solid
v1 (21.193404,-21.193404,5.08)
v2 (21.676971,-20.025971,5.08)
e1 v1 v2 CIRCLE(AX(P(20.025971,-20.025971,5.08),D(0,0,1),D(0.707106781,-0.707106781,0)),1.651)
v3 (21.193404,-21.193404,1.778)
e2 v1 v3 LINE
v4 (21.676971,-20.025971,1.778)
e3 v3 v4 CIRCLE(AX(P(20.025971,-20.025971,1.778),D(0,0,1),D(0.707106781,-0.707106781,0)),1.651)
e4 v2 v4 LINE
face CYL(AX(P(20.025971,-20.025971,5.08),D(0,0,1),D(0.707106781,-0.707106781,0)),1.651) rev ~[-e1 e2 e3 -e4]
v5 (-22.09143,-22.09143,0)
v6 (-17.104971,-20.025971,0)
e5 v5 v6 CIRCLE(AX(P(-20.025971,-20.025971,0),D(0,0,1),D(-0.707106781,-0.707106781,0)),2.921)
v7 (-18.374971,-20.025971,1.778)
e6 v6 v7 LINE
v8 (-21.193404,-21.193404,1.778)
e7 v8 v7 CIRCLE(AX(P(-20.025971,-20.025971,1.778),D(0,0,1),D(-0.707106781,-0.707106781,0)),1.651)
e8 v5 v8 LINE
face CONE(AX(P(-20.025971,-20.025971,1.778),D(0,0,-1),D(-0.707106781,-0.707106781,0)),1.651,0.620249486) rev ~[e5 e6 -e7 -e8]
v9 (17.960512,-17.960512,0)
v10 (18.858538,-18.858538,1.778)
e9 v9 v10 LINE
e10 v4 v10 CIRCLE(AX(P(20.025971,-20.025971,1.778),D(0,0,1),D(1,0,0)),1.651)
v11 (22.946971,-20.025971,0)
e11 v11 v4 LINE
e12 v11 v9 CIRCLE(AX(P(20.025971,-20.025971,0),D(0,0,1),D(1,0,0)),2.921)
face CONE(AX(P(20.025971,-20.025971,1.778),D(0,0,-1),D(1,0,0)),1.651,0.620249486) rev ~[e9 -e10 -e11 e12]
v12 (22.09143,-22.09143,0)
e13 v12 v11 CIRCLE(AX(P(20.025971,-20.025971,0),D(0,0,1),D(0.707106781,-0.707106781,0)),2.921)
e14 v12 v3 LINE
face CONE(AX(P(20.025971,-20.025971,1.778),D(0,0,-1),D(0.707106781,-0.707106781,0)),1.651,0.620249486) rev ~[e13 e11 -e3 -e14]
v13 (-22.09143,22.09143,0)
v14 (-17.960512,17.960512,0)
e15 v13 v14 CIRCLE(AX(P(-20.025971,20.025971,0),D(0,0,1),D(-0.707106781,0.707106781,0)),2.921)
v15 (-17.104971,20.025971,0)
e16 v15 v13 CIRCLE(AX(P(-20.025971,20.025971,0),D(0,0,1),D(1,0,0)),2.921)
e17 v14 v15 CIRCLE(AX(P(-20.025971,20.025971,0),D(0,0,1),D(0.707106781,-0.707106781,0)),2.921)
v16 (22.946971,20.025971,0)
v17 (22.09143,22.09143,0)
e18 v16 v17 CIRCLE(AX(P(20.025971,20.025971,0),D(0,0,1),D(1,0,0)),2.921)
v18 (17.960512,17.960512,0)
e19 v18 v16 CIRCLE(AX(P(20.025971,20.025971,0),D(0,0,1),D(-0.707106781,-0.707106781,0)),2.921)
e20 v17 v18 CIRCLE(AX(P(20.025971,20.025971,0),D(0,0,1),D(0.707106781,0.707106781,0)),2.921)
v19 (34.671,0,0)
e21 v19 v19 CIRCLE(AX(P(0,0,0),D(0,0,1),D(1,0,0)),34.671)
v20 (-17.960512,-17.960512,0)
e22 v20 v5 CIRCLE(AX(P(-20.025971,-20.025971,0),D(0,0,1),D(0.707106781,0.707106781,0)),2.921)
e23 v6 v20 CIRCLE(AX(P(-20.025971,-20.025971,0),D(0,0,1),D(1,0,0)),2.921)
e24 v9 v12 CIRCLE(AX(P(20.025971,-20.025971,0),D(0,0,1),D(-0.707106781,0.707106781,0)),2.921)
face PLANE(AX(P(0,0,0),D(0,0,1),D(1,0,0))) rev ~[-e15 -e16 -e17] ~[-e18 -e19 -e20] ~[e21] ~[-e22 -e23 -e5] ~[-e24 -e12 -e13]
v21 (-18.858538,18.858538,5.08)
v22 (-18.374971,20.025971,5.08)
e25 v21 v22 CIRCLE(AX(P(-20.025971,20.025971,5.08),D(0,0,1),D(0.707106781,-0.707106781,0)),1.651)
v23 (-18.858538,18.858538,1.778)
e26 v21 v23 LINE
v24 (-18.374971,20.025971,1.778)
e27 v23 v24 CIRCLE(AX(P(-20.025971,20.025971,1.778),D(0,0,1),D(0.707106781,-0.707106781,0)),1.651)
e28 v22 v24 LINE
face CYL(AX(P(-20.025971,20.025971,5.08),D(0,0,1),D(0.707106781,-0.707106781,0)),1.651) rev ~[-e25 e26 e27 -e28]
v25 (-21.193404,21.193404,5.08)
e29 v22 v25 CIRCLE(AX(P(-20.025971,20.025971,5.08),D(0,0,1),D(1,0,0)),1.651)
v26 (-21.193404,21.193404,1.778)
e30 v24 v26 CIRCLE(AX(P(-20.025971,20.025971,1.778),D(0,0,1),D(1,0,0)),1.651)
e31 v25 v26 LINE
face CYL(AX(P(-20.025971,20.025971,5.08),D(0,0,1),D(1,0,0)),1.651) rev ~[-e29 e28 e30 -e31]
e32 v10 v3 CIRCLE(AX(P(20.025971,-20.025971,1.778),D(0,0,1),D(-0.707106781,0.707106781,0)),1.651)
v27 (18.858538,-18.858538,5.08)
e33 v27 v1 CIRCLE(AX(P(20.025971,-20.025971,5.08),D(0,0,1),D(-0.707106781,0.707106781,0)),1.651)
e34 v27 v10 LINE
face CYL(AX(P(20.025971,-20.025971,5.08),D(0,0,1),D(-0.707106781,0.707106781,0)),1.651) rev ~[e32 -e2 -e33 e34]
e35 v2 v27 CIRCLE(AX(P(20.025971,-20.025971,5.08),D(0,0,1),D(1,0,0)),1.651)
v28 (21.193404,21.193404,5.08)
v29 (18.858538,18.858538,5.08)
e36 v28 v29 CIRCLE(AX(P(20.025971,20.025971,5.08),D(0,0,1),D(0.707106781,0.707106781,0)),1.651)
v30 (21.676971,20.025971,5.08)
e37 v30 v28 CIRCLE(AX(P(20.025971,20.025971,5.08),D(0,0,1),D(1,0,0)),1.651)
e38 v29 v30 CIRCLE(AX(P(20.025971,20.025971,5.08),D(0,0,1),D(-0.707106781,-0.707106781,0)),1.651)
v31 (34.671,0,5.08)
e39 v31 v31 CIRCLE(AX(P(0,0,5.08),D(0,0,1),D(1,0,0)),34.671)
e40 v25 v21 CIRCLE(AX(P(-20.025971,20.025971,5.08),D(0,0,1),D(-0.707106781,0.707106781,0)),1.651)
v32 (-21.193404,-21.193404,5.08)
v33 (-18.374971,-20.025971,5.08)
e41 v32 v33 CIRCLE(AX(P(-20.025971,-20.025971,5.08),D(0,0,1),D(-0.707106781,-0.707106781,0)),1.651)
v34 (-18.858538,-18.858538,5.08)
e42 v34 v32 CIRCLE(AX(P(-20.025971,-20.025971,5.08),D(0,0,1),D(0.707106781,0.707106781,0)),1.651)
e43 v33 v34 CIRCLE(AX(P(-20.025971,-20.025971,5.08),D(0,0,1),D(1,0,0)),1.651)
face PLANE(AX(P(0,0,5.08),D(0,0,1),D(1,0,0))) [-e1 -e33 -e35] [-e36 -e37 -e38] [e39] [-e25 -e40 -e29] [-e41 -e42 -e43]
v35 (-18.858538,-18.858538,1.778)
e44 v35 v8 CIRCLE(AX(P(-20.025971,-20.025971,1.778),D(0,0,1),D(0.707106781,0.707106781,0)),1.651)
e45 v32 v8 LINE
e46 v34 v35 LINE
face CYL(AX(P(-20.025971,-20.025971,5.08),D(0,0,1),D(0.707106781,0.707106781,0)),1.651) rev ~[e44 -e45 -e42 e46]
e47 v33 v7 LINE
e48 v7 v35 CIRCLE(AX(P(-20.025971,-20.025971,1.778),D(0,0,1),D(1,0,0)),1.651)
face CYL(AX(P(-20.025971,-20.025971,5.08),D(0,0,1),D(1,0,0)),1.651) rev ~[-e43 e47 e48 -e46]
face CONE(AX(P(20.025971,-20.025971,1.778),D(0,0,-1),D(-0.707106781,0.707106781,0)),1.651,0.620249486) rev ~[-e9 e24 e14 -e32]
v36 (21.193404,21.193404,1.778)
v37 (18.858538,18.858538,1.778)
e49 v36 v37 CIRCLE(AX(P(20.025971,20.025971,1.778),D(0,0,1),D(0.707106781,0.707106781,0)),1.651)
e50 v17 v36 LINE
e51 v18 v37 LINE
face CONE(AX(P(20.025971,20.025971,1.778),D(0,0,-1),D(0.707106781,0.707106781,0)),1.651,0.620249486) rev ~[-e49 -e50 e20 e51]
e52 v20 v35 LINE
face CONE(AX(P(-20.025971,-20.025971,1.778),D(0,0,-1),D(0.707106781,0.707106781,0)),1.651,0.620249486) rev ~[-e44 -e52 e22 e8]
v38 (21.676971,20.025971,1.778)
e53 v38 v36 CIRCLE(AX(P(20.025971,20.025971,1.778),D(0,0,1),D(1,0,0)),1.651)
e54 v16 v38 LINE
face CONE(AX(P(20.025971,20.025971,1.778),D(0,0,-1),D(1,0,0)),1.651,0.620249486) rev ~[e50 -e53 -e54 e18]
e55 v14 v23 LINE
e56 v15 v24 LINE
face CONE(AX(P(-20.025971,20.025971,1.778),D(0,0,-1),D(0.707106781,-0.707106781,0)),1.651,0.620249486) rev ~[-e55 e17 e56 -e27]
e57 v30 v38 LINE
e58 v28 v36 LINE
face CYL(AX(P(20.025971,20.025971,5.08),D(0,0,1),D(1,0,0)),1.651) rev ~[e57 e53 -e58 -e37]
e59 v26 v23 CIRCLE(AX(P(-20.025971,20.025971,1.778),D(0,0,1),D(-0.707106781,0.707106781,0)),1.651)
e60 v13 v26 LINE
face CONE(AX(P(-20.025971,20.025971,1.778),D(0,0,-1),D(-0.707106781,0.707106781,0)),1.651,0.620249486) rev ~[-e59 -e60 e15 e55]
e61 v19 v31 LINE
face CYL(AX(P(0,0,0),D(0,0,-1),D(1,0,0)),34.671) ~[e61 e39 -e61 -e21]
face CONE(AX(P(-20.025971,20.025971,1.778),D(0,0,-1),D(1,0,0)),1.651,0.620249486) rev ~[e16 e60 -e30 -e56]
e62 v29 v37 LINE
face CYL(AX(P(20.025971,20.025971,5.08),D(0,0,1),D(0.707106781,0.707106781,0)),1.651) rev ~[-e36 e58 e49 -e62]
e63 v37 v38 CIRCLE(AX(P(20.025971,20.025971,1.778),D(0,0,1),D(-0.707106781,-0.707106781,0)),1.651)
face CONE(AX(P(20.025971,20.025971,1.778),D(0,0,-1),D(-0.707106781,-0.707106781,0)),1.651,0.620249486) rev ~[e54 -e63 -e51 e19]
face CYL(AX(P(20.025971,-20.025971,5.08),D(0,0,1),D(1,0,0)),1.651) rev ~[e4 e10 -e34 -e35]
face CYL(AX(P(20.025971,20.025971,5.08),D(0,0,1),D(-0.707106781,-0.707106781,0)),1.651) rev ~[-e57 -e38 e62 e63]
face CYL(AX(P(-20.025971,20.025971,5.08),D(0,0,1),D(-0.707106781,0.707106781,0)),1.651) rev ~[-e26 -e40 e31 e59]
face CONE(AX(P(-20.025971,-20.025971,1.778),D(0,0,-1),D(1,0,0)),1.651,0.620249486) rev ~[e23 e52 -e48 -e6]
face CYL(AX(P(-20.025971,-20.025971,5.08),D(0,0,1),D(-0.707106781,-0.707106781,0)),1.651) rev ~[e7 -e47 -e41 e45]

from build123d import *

# Parameters (mm, degrees)
F0_R     = 34.671
F1_DEPTH = 5.08
F3_DEPTH = 25.4
F4_SIZE2 = 1.778
F4_SIZE  = 1.27


with BuildPart() as f1:
    # F0 (on Top) → F1 (new body)
    with BuildSketch(Plane.XY):
        Circle(F0_R)
    extrude(amount=F1_DEPTH)

    # F2 (on face) → F3 (cut)
    with BuildSketch(Plane.XY.offset(5.08)):
        with BuildLine():
            ThreePointArc((21.1934044457, 21.1934044457), (18.8585378542, 21.1934044457), (18.8585378542, 18.8585378542))
            Line((18.8585378542, 18.8585378542), (21.1934044457, 21.1934044457))
        make_face()
        with BuildLine():
            Line((21.1934044457, 21.1934044457), (18.8585378542, 18.8585378542))
            ThreePointArc((18.8585378542, 18.8585378542), (20.6577814968, 18.5006460418), (21.67697115, 20.02597115))
            ThreePointArc((21.67697115, 20.02597115), (21.5512962582, 20.6577814968), (21.1934044457, 21.1934044457))
        make_face()
        with BuildLine():
            ThreePointArc((-18.37497115, -20.02597115), (-18.5006460418, -19.3941608031), (-18.8585378542, -18.8585378542))
            Line((-18.8585378542, -18.8585378542), (-21.1934044457, -21.1934044457))
            ThreePointArc((-21.1934044457, -21.1934044457), (-19.3941608031, -21.5512962582), (-18.37497115, -20.02597115))
        make_face()
        with BuildLine():
            Line((-21.1934044457, -21.1934044457), (-18.8585378542, -18.8585378542))
            ThreePointArc((-18.8585378542, -18.8585378542), (-21.1934044457, -18.8585378542), (-21.1934044457, -21.1934044457))
        make_face()
        with BuildLine():
            ThreePointArc((-21.1934044457, 21.1934044457), (-21.1934044457, 18.8585378542), (-18.8585378542, 18.8585378542))
            Line((-18.8585378542, 18.8585378542), (-21.1934044457, 21.1934044457))
        make_face()
        with BuildLine():
            Line((-21.1934044457, 21.1934044457), (-18.8585378542, 18.8585378542))
            ThreePointArc((-18.8585378542, 18.8585378542), (-18.5006460418, 19.3941608031), (-18.37497115, 20.02597115))
            ThreePointArc((-18.37497115, 20.02597115), (-19.3941608031, 21.5512962582), (-21.1934044457, 21.1934044457))
        make_face()
        with BuildLine():
            ThreePointArc((21.67697115, -20.02597115), (20.6577814968, -18.5006460418), (18.8585378542, -18.8585378542))
            Line((18.8585378542, -18.8585378542), (21.1934044457, -21.1934044457))
            ThreePointArc((21.1934044457, -21.1934044457), (21.5512962582, -20.6577814968), (21.67697115, -20.02597115))
        make_face()
        with BuildLine():
            Line((21.1934044457, -21.1934044457), (18.8585378542, -18.8585378542))
            ThreePointArc((18.8585378542, -18.8585378542), (18.8585378542, -21.1934044457), (21.1934044457, -21.1934044457))
        make_face()
    extrude(amount=-F3_DEPTH, mode=Mode.SUBTRACT)

    # F4
    f4_edges = [f1.edges().sort_by_distance(p)[0] for p in [
        (-21.193404, -21.193404, 0),
        (21.193404, -21.193404, 0),
        (21.193404, 21.193404, 0),
        (-21.193404, 21.193404, 0),
    ]]
    chamfer(f4_edges, length=F4_SIZE, length2=F4_SIZE2)


solid = f1.part
